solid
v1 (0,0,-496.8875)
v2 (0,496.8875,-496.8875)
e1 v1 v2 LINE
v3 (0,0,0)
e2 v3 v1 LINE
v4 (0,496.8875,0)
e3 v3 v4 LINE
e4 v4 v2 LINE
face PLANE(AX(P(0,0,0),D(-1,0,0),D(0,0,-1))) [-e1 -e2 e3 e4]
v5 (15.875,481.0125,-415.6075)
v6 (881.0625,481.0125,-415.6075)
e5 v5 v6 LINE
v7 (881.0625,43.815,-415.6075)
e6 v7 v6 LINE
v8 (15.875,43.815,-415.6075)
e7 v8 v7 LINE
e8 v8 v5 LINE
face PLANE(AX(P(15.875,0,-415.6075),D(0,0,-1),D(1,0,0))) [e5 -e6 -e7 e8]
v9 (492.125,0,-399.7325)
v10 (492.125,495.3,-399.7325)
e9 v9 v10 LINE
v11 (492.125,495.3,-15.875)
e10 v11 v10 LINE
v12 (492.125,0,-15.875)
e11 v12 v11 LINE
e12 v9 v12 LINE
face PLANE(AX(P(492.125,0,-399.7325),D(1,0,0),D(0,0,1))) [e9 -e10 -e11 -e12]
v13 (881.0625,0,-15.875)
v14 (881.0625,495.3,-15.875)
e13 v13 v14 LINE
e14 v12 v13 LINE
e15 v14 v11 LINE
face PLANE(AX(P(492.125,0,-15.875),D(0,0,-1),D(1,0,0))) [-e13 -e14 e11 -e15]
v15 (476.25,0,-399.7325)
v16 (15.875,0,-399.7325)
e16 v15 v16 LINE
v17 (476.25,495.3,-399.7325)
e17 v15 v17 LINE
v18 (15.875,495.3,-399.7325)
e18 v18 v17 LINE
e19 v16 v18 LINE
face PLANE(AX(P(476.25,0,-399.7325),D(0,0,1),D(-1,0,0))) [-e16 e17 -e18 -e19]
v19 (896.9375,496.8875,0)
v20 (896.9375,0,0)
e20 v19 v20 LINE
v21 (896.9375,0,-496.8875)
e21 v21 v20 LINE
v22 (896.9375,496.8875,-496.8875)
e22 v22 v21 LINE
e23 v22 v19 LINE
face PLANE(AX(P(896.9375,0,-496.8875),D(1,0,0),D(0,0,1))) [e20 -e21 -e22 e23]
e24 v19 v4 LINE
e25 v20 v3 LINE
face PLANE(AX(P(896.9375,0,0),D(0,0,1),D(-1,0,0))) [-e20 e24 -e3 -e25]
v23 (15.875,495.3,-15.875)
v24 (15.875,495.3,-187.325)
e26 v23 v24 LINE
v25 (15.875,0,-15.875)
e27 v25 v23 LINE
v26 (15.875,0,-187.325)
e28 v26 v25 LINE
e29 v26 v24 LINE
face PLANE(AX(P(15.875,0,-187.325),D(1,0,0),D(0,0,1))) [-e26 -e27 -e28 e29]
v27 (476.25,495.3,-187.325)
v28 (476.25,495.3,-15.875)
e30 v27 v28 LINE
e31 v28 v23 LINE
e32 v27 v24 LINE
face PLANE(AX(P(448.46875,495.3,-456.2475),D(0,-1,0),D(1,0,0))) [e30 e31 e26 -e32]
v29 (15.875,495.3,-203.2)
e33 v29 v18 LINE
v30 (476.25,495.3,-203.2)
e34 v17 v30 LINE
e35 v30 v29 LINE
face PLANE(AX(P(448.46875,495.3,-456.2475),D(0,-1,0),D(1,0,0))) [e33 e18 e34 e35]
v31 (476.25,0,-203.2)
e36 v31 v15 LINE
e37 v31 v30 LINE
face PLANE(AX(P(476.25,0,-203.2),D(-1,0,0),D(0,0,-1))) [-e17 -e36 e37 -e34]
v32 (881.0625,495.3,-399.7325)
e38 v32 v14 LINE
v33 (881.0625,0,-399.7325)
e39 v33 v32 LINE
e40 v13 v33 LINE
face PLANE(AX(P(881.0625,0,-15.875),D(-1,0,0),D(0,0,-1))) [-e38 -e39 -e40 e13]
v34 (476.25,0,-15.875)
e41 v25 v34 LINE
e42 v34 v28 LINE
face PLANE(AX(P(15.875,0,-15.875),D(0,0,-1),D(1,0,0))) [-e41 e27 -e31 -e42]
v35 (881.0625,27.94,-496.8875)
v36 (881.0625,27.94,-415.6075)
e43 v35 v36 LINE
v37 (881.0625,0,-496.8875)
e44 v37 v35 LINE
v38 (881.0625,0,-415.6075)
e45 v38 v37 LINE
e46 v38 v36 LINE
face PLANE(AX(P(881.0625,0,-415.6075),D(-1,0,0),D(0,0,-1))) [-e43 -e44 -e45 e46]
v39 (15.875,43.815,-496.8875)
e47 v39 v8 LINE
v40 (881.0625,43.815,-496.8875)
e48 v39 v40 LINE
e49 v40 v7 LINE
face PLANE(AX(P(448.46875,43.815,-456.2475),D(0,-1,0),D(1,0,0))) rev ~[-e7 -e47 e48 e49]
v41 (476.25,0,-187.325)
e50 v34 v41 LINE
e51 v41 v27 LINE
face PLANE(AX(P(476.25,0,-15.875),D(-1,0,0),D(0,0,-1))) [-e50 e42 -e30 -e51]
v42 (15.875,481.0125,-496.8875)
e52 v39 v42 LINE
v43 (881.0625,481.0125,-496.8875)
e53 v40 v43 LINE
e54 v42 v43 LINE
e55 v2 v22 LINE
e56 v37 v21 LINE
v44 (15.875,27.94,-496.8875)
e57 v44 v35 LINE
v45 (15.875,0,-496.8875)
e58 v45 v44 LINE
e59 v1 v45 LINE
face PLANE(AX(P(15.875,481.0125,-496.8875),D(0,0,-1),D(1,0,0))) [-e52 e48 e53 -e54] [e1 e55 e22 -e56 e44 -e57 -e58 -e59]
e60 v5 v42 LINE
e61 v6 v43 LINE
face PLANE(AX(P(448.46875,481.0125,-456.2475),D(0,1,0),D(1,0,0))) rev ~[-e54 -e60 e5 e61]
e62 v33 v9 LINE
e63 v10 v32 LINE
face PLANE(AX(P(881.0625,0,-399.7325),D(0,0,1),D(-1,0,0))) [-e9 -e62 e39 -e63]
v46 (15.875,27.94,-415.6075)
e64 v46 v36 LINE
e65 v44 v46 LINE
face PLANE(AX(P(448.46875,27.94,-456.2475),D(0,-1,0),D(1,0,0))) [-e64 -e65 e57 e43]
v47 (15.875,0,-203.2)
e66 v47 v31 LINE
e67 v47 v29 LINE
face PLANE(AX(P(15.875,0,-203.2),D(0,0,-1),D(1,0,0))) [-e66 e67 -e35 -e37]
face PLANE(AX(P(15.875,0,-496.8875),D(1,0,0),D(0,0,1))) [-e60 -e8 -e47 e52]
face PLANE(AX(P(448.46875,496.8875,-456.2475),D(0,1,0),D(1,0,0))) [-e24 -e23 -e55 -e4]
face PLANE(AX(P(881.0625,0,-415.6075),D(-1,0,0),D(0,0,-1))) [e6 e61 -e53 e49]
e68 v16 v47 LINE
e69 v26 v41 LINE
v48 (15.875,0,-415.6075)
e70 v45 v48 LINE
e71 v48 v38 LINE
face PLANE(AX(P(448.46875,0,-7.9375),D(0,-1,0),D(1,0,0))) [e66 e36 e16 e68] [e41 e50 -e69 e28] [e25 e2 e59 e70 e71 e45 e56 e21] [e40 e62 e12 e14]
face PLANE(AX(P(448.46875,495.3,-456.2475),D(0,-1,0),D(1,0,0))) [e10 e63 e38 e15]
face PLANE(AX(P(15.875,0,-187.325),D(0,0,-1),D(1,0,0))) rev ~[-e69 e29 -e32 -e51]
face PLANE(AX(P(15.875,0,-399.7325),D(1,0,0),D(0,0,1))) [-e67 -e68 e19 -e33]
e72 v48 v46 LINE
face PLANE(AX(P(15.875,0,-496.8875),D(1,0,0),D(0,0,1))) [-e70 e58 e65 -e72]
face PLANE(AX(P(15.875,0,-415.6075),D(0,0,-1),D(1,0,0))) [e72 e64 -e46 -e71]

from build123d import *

# Parameters (mm, degrees)
F0_W      = 460.375
F0_H      = 15.875
F1_DEPTH  = 496.8875
F2_START  = -27.94
F0_W_2    = 865.1875
F0_H_2    = 81.28
F2_DEPTH  = 15.875
F3_START  = 437.1975
F2_FACE_W = 865.1875
F2_FACE_H = 81.28
F3_DEPTH  = 15.875
F4_START  = -495.3
F0_H_3    = 196.5325
F0_W_3    = 388.9375
F0_H_4    = 383.8575
F0_H_5    = 171.45
F4_DEPTH  = 1.5875


with BuildPart() as f1:
    # F0 (on Front) → F1 (new body)
    with BuildSketch(Plane.XZ):
        Polygon((881.0625, 0), (15.875, 0), (15.875, -15.875), (476.25, -15.875), (492.125, -15.875), (881.0625, -15.875), align=None)
        Polygon((896.9375, 0), (881.0625, 0), (881.0625, -15.875), (881.0625, -399.7325), (881.0625, -415.6075), (881.0625, -496.8875), (896.9375, -496.8875), align=None)
        Polygon((15.875, 0), (0, 0), (0, -496.8875), (15.875, -496.8875), (15.875, -415.6075), (15.875, -399.7325), (15.875, -203.2), (15.875, -187.325), (15.875, -15.875), align=None)
        with Locations((246.0625, -195.2625)):
            Rectangle(F0_W, F0_H)
        Polygon((492.125, -15.875), (476.25, -15.875), (476.25, -187.325), (476.25, -203.2), (476.25, -399.7325), (492.125, -399.7325), align=None)
        Polygon((15.875, -399.7325), (15.875, -415.6075), (881.0625, -415.6075), (881.0625, -399.7325), (492.125, -399.7325), (476.25, -399.7325), align=None)
    extrude(amount=-F1_DEPTH)

    # F0 (on Front) → F2 (join)
    with BuildSketch(Plane.XZ.offset(F2_START)):
        with Locations((448.46875, -456.2475)):
            Rectangle(F0_W_2, F0_H_2)
    extrude(amount=-F2_DEPTH)

    # F2_face (on face) → F3 (join)
    with BuildSketch(Plane(origin=(448.46875, 43.815, -456.2475), x_dir=(1, 0, 0), z_dir=(0, 1, 0)).offset(F3_START)):
        Rectangle(F2_FACE_W, F2_FACE_H)
    extrude(amount=F3_DEPTH)

    # F0 (on Front) → F4 (join)
    with BuildSketch(Plane.XZ.offset(F4_START)):
        with Locations((448.46875, -456.2475)):
            Rectangle(F0_W_2, F0_H_2)
        Polygon((15.875, -399.7325), (15.875, -415.6075), (881.0625, -415.6075), (881.0625, -399.7325), (492.125, -399.7325), (476.25, -399.7325), align=None)
        with Locations((246.0625, -301.46625)):
            Rectangle(F0_W, F0_H_3)
        with Locations((686.59375, -207.80375)):
            Rectangle(F0_W_3, F0_H_4)
        with Locations((246.0625, -195.2625)):
            Rectangle(F0_W, F0_H)
        Polygon((492.125, -15.875), (476.25, -15.875), (476.25, -187.325), (476.25, -203.2), (476.25, -399.7325), (492.125, -399.7325), align=None)
        with Locations((246.0625, -101.6)):
            Rectangle(F0_W, F0_H_5)
        Polygon((881.0625, 0), (15.875, 0), (15.875, -15.875), (476.25, -15.875), (492.125, -15.875), (881.0625, -15.875), align=None)
        Polygon((896.9375, 0), (881.0625, 0), (881.0625, -15.875), (881.0625, -399.7325), (881.0625, -415.6075), (881.0625, -496.8875), (896.9375, -496.8875), align=None)
        Polygon((15.875, 0), (0, 0), (0, -496.8875), (15.875, -496.8875), (15.875, -415.6075), (15.875, -399.7325), (15.875, -203.2), (15.875, -187.325), (15.875, -15.875), align=None)
    extrude(amount=-F4_DEPTH)


solid = f1.part
